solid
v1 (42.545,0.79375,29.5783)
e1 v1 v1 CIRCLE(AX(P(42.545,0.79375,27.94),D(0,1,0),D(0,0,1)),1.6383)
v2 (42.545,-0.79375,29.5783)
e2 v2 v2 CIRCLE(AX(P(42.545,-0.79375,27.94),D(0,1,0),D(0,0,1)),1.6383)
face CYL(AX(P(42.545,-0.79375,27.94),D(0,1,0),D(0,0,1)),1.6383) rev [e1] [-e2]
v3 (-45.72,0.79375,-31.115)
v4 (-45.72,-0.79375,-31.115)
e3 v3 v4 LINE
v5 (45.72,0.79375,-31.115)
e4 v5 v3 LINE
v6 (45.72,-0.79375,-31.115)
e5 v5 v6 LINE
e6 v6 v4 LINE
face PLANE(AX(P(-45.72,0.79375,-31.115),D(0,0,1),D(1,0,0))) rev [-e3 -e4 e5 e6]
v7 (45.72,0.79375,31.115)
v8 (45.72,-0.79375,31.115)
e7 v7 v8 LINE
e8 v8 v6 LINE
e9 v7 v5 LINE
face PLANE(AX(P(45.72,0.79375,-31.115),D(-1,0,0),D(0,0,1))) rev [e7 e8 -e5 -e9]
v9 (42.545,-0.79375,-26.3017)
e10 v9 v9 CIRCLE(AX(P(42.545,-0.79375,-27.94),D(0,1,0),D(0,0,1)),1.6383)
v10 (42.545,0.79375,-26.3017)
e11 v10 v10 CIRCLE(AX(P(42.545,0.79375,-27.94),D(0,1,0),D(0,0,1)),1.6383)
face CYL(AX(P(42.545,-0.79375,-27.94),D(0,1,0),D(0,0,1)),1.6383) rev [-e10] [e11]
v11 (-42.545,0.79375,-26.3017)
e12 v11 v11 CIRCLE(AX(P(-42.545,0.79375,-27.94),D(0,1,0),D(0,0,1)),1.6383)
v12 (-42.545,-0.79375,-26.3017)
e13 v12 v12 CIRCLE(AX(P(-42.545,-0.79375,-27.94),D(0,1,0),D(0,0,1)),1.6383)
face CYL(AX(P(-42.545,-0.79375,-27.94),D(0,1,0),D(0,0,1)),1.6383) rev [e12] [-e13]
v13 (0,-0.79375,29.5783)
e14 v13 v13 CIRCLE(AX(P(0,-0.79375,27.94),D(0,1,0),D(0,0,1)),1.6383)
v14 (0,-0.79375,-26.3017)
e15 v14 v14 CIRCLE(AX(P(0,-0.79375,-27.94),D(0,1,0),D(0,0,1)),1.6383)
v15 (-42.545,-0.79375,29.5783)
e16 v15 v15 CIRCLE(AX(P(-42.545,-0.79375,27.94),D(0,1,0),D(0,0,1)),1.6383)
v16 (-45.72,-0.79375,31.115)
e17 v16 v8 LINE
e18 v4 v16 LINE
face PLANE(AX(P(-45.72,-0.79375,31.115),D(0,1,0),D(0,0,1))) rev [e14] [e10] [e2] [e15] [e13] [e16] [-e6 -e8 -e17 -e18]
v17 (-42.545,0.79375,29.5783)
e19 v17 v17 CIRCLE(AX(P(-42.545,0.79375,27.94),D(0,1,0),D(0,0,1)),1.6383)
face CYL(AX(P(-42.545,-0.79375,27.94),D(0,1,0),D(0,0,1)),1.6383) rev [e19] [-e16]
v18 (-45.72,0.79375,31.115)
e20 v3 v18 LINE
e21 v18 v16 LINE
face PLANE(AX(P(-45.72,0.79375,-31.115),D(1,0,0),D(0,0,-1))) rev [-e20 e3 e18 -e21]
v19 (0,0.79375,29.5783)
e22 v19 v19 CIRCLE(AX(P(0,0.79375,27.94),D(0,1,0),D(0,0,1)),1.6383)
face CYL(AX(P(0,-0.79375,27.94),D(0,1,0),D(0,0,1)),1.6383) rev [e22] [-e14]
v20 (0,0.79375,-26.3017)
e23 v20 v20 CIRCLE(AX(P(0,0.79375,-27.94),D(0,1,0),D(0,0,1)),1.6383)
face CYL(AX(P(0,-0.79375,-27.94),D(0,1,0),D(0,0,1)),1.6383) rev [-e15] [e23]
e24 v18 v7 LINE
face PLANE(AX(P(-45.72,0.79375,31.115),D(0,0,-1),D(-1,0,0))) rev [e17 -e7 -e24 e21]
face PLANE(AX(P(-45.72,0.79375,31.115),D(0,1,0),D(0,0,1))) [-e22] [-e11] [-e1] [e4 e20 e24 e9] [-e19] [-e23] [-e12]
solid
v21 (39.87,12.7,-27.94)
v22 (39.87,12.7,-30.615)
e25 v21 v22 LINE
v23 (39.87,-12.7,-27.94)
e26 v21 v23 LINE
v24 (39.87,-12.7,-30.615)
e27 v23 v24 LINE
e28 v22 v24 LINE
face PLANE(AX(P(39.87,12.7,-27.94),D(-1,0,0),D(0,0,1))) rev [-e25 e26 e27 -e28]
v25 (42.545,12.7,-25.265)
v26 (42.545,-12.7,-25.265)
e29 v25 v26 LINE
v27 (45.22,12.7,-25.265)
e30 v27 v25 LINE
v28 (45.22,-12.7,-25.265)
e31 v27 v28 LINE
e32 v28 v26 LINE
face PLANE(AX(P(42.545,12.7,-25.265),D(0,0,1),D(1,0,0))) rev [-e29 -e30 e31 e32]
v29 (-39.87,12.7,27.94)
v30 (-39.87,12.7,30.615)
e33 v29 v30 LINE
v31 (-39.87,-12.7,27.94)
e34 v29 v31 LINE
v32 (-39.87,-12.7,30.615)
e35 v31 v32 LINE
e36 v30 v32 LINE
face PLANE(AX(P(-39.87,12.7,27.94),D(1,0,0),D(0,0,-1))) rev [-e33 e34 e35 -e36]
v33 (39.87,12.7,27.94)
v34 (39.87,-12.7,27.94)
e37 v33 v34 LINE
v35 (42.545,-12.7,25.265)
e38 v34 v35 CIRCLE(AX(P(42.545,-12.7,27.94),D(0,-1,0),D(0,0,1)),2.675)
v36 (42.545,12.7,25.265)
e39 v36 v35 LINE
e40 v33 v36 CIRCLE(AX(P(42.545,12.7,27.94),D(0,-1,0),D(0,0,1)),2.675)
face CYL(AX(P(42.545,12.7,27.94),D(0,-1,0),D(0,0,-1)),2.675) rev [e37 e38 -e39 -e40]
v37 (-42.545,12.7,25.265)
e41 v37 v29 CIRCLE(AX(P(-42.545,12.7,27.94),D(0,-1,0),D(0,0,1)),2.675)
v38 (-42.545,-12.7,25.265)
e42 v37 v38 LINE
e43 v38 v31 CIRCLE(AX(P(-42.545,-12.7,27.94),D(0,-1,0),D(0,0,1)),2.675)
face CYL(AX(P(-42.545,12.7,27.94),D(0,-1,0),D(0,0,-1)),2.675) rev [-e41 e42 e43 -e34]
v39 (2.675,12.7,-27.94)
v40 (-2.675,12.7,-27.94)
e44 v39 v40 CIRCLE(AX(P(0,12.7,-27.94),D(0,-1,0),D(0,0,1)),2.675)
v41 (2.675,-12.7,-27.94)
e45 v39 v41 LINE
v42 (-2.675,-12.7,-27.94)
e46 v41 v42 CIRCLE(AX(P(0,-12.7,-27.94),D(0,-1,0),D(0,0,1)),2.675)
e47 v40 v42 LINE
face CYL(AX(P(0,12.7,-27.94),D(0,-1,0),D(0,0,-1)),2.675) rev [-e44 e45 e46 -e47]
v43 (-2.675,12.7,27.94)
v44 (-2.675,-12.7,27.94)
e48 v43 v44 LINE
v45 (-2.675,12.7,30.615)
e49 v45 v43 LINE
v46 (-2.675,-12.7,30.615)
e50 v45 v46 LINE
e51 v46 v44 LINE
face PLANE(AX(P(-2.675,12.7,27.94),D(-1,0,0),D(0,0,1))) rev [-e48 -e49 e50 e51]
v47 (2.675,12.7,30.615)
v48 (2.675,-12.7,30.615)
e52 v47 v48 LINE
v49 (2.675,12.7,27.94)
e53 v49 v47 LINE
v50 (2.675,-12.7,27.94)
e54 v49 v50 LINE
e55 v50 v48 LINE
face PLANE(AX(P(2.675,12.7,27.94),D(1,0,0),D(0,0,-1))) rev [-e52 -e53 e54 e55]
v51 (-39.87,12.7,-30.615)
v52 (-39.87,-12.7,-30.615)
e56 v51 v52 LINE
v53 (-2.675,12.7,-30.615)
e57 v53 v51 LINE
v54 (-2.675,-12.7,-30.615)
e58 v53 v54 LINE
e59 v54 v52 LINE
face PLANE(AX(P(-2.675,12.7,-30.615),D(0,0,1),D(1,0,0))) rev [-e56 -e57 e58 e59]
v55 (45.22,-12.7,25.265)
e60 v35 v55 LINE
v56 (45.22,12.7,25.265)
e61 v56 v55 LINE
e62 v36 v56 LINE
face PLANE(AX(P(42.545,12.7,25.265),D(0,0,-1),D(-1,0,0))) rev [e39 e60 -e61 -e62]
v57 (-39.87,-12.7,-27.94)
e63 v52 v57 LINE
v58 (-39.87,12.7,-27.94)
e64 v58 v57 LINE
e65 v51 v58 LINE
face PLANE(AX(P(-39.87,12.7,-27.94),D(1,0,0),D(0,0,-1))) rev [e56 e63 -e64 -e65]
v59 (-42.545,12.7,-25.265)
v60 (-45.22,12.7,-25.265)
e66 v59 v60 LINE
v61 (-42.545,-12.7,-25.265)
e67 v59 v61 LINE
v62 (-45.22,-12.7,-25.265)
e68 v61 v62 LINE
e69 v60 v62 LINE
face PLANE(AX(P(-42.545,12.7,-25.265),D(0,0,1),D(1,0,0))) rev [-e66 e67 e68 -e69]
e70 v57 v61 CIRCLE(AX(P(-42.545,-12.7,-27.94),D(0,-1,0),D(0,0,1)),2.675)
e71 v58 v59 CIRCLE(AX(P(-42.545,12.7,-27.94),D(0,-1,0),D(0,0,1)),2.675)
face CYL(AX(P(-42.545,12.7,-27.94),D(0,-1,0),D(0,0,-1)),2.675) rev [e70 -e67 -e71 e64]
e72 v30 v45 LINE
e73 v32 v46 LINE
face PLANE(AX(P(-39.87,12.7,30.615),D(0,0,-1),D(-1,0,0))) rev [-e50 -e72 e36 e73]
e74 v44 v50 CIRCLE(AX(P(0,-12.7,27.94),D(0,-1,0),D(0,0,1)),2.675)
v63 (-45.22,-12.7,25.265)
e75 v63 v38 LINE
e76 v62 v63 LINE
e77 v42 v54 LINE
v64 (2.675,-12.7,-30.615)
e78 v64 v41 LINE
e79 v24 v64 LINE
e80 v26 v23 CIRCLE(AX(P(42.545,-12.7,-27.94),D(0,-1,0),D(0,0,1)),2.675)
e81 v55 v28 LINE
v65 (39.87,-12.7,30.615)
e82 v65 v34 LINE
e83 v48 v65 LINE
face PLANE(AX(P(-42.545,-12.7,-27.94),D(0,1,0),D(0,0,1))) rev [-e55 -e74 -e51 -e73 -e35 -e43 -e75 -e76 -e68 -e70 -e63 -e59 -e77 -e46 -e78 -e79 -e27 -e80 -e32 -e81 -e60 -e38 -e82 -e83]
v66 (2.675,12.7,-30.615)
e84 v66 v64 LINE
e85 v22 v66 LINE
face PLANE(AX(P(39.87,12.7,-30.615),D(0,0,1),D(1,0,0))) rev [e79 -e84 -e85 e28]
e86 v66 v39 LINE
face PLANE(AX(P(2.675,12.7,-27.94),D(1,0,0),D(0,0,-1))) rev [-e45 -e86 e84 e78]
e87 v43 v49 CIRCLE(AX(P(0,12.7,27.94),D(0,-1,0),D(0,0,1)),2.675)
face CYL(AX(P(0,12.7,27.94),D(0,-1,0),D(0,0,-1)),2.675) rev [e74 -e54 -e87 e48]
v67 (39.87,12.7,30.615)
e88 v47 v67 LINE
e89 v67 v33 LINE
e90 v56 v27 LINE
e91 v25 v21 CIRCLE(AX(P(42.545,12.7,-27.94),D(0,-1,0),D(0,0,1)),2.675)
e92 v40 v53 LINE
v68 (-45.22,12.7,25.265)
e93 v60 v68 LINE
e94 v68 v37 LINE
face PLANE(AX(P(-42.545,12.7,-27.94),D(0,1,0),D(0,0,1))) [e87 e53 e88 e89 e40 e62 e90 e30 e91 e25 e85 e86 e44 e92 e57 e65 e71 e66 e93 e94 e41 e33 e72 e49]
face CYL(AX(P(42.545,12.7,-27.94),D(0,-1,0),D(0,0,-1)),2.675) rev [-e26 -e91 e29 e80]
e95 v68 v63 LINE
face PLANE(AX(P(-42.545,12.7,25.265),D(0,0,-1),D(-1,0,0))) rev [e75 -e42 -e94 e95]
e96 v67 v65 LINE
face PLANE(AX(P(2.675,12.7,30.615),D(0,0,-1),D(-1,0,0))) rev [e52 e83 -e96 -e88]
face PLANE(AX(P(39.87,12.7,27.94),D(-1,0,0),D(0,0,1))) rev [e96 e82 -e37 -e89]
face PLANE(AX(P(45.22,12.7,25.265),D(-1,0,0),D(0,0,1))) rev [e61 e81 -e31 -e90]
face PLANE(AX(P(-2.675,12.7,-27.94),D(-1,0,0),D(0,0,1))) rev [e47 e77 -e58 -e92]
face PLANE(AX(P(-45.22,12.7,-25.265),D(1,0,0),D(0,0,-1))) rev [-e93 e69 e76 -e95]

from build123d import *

# Parameters (mm, degrees)
SKETCH1_W            = 91.44
SKETCH1_H            = 62.23
BOSS_EXTRUDE1_DEPTH  = 0.79375
SKETCH3_R            = 1.6383
CUT_EXTRUDE1_DEPTH   = 1.79375
LPATTERN1_COUNT      = 3
LPATTERN1_PITCH      = 42.545
LPATTERN1_COUNT_DIR2 = 2
LPATTERN1_PITCH_DIR2 = 55.88
BOSS_EXTRUDE2_DEPTH  = 12.7


with BuildPart() as part:
    # Sketch1 → Boss-Extrude1 (new body, symmetric)
    with BuildSketch(Plane(origin=(0, 0, 0), x_dir=(1, 0, 0), z_dir=(0, 1, 0))):
        Rectangle(SKETCH1_W, SKETCH1_H)
    extrude(amount=BOSS_EXTRUDE1_DEPTH, both=True)

    # Sketch3 → Cut-Extrude1 (cut, symmetric)
    with BuildSketch(Plane(origin=(0, 0, 0), x_dir=(1, 0, 0), z_dir=(0, 1, 0))):
        with Locations((-42.545, 27.94)):
            Circle(SKETCH3_R)
    cut_extrude1 = extrude(amount=CUT_EXTRUDE1_DEPTH, both=True, mode=Mode.SUBTRACT)

    # LPattern1: Cut-Extrude1 3 × 2
    with Locations(*[(i * LPATTERN1_PITCH, 0, j * LPATTERN1_PITCH_DIR2) for i in range(LPATTERN1_COUNT) for j in range(LPATTERN1_COUNT_DIR2) if (i, j) != (0, 0)]):
        add(cut_extrude1, mode=Mode.SUBTRACT)


with BuildPart() as body_2:
    # Sketch2 → Boss-Extrude2 (new body, symmetric)
    with BuildSketch(Plane(origin=(0, 0, 0), x_dir=(1, 0, 0), z_dir=(0, 1, 0))):
        with BuildLine():
            Line((-42.545, 25.265), (-45.22, 25.265))
            Line((-45.22, 25.265), (-45.22, -25.265))
            Line((-45.22, -25.265), (-42.545, -25.265))
            ThreePointArc((-42.545, -25.265), (-40.65348936, -26.04848936), (-39.87, -27.94))
            Line((-39.87, -27.94), (-39.87, -30.615))
            Line((-39.87, -30.615), (-2.675, -30.615))
            Line((-2.675, -30.615), (-2.675, -27.94))
            ThreePointArc((-2.675, -27.94), (0, -25.265), (2.675, -27.94))
            Line((2.675, -27.94), (2.675, -30.615))
            Line((2.675, -30.615), (39.87, -30.615))
            Line((39.87, -30.615), (39.87, -27.94))
            ThreePointArc((39.87, -27.94), (40.65348936, -26.04848936), (42.545, -25.265))
            Line((42.545, -25.265), (45.22, -25.265))
            Line((45.22, -25.265), (45.22, 25.265))
            Line((45.22, 25.265), (42.545, 25.265))
            ThreePointArc((42.545, 25.265), (40.65348936, 26.04848936), (39.87, 27.94))
            Line((39.87, 27.94), (39.87, 30.615))
            Line((39.87, 30.615), (2.675, 30.615))
            Line((2.675, 30.615), (2.675, 27.94))
            ThreePointArc((2.675, 27.94), (0, 25.265), (-2.675, 27.94))
            Line((-2.675, 27.94), (-2.675, 30.615))
            Line((-2.675, 30.615), (-39.87, 30.615))
            Line((-39.87, 30.615), (-39.87, 27.94))
            ThreePointArc((-39.87, 27.94), (-40.65348936, 26.04848936), (-42.545, 25.265))
        make_face()
    extrude(amount=BOSS_EXTRUDE2_DEPTH, both=True)


solid = Compound([part.part, body_2.part])
